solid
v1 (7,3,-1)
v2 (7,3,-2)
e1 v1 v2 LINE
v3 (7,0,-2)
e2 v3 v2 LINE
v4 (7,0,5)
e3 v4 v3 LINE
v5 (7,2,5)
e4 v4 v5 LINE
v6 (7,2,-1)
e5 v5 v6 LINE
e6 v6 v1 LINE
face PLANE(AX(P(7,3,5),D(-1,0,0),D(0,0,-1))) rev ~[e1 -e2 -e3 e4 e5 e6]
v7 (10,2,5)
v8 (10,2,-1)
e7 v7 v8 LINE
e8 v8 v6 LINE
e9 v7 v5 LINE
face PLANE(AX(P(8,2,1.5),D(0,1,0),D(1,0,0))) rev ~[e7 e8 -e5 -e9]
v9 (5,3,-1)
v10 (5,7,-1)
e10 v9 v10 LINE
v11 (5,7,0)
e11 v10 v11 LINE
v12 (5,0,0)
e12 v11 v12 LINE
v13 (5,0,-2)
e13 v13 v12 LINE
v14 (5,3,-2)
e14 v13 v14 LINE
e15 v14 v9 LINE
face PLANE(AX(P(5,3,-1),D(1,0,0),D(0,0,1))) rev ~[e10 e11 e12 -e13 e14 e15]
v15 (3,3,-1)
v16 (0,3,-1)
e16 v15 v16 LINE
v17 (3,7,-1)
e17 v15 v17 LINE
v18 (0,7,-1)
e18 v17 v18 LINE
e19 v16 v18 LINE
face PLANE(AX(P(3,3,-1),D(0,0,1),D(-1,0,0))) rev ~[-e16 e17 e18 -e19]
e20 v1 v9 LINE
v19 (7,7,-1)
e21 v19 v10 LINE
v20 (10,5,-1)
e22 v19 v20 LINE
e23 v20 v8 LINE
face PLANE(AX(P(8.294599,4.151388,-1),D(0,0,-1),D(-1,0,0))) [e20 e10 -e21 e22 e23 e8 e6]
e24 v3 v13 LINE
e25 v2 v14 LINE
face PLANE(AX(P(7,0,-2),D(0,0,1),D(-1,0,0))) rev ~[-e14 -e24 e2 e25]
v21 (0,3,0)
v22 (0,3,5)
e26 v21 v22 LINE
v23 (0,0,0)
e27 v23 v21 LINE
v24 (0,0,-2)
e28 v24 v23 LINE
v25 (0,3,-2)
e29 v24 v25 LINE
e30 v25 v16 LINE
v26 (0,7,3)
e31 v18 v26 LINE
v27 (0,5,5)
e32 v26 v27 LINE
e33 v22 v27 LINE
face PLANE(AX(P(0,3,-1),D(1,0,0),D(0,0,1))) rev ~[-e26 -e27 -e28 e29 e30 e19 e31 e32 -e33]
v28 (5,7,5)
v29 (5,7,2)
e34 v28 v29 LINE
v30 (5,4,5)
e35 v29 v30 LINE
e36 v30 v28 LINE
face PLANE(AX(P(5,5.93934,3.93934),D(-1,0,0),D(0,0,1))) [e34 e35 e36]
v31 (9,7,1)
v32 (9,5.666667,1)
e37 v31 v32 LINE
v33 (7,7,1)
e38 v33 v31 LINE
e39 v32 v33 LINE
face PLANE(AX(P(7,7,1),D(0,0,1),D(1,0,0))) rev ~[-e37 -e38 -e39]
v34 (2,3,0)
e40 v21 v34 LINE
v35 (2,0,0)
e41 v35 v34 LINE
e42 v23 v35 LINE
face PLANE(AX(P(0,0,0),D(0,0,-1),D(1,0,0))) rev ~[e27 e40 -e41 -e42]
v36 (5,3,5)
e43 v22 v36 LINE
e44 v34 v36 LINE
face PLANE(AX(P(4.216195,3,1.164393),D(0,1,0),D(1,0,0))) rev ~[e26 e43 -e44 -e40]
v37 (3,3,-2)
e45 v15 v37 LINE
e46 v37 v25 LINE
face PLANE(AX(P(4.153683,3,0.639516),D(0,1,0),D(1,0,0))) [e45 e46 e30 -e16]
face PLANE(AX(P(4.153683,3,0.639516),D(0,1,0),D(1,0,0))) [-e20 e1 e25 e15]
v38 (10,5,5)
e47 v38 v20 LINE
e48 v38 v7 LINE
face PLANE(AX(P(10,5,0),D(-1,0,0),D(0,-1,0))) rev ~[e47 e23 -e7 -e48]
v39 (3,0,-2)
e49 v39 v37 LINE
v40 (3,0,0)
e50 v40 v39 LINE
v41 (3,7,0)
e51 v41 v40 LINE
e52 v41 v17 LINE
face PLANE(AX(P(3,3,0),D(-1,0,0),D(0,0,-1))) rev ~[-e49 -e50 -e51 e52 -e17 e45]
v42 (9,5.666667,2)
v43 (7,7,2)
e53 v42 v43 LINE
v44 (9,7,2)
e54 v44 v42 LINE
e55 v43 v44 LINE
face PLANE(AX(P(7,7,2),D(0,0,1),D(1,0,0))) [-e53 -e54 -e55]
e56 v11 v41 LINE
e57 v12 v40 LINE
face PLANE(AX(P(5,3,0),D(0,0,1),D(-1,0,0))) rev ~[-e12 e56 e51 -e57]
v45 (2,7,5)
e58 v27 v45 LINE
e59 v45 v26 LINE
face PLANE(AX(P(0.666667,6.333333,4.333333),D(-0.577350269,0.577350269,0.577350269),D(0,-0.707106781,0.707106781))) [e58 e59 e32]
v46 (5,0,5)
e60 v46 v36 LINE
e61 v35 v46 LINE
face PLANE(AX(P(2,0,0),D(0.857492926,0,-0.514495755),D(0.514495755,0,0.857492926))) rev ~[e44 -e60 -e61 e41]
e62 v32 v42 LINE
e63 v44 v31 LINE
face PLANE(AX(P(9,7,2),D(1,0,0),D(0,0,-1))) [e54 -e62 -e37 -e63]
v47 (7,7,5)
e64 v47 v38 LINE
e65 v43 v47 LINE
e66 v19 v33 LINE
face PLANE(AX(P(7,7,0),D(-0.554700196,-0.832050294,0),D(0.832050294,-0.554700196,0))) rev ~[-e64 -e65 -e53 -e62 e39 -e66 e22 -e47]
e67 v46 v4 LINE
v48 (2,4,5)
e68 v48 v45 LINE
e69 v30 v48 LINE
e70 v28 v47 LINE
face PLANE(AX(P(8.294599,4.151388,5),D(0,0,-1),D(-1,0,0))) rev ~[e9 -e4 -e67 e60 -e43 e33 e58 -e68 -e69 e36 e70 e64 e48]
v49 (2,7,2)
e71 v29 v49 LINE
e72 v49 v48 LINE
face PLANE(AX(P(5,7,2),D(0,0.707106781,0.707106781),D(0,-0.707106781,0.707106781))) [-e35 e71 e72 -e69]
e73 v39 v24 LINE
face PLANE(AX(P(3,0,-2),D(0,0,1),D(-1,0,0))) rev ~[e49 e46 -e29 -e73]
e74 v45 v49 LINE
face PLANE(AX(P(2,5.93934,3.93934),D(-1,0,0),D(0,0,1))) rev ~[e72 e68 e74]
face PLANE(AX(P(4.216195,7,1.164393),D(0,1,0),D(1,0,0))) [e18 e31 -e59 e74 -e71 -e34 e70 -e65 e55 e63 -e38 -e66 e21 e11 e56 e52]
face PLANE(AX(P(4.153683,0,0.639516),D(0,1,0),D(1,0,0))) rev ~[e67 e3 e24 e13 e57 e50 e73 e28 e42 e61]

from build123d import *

# Parameters (mm, degrees)
BOSS_EXTRUDE1_DEPTH      = 3
BOSS_EXTRUDE2_DEPTH      = 4
CUT_EXTRUDE4_DEPTH       = 3
CUT_EXTRUDE5_DEPTH       = 3
BOSS_EXTRUDE3_DEPTH      = 5
BOSS_EXTRUDE3_DEPTH_BACK = 1
SKETCH7_W                = 2
SKETCH7_H                = 1
BOSS_EXTRUDE4_DEPTH      = 5


with BuildPart() as part:
    # Sketch2 → Boss-Extrude1 (new body)
    with BuildSketch(Plane(origin=(0, 0, 0), x_dir=(1, 0, 0), z_dir=(0, 1, 0))):
        Polygon((0, 0), (2, 0), (5, -5), (7, -5), (7, 2), (5, 2), (5, 0), (3, 0), (3, 2), (0, 2), align=None)
    extrude(amount=BOSS_EXTRUDE1_DEPTH)

    # Sketch3 → Boss-Extrude2 (add)
    with BuildSketch(Plane(origin=(0, 3, 0), x_dir=(1, 0, 0), z_dir=(0, 1, 0))):
        Polygon((3, 0), (3, 1), (0, 1), (0, 0), (2, 0), (5, -5), (7, -5), (7, 1), (5, 1), (5, 0), align=None)
        Polygon((2, 0), (0, 0), (0, -5), (5, -5), align=None)
    extrude(amount=BOSS_EXTRUDE2_DEPTH)

    # Sketch5 → Cut-Extrude4 (cut)
    with BuildSketch(Plane.ZY.offset(-5)):
        Polygon((5, 4), (5, 7), (2, 7), align=None)
    extrude(amount=CUT_EXTRUDE4_DEPTH, mode=Mode.SUBTRACT)

    # 3DSketch1 → Cut-Extrude5 (cut, along a direction that is not the sketch's normal)
    with BuildSketch(Plane(origin=(0, 5, 5), x_dir=(0, 0.7071067811865476, -0.7071067811865476), z_dir=(0.5773502691896267, -0.5773502691896254, -0.5773502691896254))):
        Polygon((0, 0), (1.414213562, 2.449489743), (2.828427125, 0), align=None)
    extrude(amount=-CUT_EXTRUDE5_DEPTH, dir=(1, 0, 0), mode=Mode.SUBTRACT)

    # Sketch6 → Boss-Extrude3 (add, two sides)
    with BuildSketch(Plane.XY) as boss_extrude3_sk:
        Polygon((7, 7), (10, 5), (10, 2), (7, 2), align=None)
    extrude(amount=BOSS_EXTRUDE3_DEPTH)
    extrude(boss_extrude3_sk.sketch, amount=-BOSS_EXTRUDE3_DEPTH_BACK)

    # Sketch7 → Boss-Extrude4 (add)
    with BuildSketch(Plane(origin=(0, 7, 0), x_dir=(1, 0, 0), z_dir=(0, 1, 0))):
        with Locations((8, -1.5)):
            Rectangle(SKETCH7_W, SKETCH7_H)
    extrude(amount=-BOSS_EXTRUDE4_DEPTH)


solid = part.part
